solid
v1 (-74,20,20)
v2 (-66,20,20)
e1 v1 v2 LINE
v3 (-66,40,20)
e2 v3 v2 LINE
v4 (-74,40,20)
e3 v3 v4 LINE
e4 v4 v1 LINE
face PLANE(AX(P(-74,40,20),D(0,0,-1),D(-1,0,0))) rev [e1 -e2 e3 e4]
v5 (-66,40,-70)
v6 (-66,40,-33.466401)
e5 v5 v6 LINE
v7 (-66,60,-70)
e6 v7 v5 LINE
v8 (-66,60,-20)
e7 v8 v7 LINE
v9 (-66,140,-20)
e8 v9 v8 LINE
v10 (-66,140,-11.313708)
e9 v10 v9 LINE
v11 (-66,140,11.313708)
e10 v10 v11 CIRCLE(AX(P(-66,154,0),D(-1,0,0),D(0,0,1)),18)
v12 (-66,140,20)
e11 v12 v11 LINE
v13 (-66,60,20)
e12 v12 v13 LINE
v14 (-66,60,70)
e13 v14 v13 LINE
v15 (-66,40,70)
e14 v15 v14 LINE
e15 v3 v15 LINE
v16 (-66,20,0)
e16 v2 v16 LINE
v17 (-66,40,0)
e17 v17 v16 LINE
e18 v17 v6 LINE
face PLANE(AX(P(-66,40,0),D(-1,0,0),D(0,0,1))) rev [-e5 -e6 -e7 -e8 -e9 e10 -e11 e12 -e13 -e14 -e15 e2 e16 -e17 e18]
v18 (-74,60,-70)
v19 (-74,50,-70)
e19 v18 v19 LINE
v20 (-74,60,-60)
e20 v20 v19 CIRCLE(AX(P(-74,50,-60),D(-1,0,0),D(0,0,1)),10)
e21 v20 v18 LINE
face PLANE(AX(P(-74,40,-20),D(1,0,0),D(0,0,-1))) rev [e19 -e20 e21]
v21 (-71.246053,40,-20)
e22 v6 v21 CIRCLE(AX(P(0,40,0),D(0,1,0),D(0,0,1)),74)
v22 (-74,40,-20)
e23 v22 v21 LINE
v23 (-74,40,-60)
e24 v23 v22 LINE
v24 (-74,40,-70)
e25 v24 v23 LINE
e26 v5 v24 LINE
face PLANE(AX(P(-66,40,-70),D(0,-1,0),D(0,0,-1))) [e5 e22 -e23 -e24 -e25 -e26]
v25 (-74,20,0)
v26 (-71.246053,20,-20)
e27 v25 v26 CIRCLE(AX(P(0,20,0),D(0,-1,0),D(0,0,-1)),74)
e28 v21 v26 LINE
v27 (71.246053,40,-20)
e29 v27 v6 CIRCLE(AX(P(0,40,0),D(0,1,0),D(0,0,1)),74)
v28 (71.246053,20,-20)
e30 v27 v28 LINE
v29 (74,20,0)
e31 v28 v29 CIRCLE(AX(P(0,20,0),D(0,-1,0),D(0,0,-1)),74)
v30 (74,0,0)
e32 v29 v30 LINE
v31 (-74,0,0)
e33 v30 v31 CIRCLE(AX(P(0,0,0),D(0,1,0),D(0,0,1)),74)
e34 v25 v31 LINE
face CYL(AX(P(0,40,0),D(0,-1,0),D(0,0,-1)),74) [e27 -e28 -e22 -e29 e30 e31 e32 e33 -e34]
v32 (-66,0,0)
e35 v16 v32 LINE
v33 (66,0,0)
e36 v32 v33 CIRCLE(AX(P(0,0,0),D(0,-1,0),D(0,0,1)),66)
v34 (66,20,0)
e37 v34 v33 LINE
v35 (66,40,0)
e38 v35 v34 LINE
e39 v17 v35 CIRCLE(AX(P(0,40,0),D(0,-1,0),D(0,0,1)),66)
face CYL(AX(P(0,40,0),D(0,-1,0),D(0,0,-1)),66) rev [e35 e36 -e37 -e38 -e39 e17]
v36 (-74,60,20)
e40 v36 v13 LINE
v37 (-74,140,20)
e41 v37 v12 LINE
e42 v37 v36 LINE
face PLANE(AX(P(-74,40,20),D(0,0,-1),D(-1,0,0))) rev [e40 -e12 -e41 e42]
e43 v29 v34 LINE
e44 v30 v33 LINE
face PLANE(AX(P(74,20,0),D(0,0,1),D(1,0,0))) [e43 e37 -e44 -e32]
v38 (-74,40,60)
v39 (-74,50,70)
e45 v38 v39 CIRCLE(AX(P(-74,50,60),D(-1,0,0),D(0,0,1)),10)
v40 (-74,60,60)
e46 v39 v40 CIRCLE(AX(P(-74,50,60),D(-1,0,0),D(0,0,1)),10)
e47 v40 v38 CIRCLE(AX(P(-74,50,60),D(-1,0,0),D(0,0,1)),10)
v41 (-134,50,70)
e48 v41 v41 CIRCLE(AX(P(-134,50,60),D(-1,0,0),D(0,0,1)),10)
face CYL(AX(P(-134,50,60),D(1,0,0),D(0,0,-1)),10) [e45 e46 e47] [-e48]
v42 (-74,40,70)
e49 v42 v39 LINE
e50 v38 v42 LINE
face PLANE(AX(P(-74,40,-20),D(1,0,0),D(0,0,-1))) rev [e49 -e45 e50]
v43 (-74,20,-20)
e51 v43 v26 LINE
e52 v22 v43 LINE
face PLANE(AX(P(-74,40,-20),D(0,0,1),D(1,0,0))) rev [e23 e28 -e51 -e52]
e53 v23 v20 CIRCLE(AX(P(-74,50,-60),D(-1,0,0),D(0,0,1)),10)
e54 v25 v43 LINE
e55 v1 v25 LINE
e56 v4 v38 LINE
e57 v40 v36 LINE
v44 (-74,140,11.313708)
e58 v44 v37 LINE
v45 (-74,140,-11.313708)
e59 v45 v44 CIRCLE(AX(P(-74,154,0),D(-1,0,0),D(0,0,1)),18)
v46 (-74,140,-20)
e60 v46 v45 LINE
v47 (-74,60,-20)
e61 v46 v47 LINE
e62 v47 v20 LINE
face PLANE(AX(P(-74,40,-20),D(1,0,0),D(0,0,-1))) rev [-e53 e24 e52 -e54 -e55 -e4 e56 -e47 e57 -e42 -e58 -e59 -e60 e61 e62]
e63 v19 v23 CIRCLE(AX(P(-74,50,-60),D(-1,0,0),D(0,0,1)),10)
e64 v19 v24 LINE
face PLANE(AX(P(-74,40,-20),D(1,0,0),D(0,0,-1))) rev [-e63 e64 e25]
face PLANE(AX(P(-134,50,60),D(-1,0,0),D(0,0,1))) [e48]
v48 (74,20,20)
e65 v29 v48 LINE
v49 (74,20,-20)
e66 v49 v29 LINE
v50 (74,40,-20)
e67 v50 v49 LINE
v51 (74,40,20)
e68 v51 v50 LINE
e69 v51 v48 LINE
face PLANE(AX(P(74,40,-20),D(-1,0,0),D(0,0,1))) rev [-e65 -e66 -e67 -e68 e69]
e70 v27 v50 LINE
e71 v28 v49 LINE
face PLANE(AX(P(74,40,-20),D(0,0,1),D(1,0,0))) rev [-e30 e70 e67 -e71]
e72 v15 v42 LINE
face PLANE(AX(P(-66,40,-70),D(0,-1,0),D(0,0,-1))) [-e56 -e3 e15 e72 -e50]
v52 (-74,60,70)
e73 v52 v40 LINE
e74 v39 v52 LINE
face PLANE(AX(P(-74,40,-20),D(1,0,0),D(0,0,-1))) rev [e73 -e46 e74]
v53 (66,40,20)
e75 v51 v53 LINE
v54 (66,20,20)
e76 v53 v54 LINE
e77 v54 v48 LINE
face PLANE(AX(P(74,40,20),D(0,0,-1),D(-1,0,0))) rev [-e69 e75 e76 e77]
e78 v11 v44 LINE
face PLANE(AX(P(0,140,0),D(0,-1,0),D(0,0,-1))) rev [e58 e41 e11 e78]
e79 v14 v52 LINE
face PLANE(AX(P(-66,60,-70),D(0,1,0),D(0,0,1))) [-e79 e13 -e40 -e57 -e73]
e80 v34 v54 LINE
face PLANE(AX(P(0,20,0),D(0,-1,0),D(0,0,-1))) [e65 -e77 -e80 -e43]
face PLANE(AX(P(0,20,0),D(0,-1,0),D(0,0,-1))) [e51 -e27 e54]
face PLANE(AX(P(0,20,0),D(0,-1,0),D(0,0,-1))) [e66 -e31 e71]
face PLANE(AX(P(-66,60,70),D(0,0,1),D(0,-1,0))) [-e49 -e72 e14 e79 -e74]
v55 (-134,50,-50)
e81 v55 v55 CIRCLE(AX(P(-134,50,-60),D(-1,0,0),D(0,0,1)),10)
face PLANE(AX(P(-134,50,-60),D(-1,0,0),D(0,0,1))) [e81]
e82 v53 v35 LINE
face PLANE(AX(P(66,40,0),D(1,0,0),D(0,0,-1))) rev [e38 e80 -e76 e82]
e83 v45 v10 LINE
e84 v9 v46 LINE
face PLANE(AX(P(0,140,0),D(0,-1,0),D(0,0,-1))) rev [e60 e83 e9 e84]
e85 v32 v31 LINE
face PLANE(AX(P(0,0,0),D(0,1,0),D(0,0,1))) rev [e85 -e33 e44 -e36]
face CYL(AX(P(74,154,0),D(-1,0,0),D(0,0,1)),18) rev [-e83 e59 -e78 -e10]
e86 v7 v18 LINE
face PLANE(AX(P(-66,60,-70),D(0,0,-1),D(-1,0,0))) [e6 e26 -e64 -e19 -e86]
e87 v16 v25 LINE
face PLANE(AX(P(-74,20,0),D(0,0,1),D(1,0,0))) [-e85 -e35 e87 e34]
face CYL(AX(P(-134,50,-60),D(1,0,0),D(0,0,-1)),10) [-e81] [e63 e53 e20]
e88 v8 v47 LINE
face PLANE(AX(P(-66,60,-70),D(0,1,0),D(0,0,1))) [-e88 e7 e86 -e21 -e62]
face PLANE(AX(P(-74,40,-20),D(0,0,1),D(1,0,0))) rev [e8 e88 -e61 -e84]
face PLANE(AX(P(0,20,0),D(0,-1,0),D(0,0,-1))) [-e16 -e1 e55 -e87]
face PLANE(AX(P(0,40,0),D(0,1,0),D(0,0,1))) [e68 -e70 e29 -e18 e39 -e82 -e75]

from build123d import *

# Parameters (mm, degrees)
EXTRUDE_1_DEPTH     = 40
SKETCH_2_W          = 8
SKETCH_2_H          = 40
EXTRUDE_2_DEPTH     = 100
SKETCH_3_R          = 18
CUT_EXTRUDE_1_DEPTH = 149
SKETCH_5_W          = 87.00766185
SKETCH_5_H          = 115.01495327
CUT_EXTRUDE_2_DEPTH = 10
SKETCH_6_R          = 85.063361003
CUT_EXTRUDE_3_DEPTH = 20
SKETCH_7_W          = 140
SKETCH_7_H          = 20
EXTRUDE_3_DEPTH     = 8
SKETCH_9_R          = 10
EXTRUDE_4_DEPTH     = 60


with BuildPart() as part:
    # 草图1 → 凸台-拉伸1 (new body)
    with BuildSketch(Plane(origin=(0, 0, 0), x_dir=(1, 0, 0), z_dir=(0, 1, 0))):
        with BuildLine():
            Line((-74, 20), (-71.246052522, 20))
            ThreePointArc((-71.246052522, 20), (0, 74), (71.246052522, 20))
            Line((71.246052522, 20), (74, 20))
            Line((74, 20), (74, -20))
            Line((74, -20), (66, -20))
            Line((66, -20), (66, 0))
            ThreePointArc((66, 0), (0, 66), (-66, 0))
            Line((-66, 0), (-66, -20))
            Line((-66, -20), (-74, -20))
            Line((-74, -20), (-74, 20))
        make_face()
    extrude(amount=EXTRUDE_1_DEPTH)

    # 草图2 → 凸台-拉伸2 (add)
    with BuildSketch(Plane(origin=(0, 40, 0), x_dir=(1, 0, 0), z_dir=(0, 1, 0))):
        with Locations((-70, 0)):
            Rectangle(SKETCH_2_W, SKETCH_2_H)
        with Locations((70, 0)):
            Rectangle(SKETCH_2_W, SKETCH_2_H)
    extrude(amount=EXTRUDE_2_DEPTH)

    # 草图3 → 切除-拉伸1 (cut, through all)
    with BuildSketch(Plane.ZY.offset(74)):
        with Locations((0, 154)):
            Circle(SKETCH_3_R)
    extrude(amount=-CUT_EXTRUDE_1_DEPTH, mode=Mode.SUBTRACT)

    # 草图5 → 切除-拉伸2 (cut)
    with BuildSketch(Plane(origin=(74, 0, 0), x_dir=(0, 0, -1), z_dir=(1, 0, 0))):
        with Locations((-23.503830925, 97.507476635)):
            Rectangle(SKETCH_5_W, SKETCH_5_H)
    extrude(amount=-CUT_EXTRUDE_2_DEPTH, mode=Mode.SUBTRACT)

    # 草图6 → 切除-拉伸3 (cut)
    with BuildSketch(Plane.XZ):
        Circle(SKETCH_6_R)
        with BuildLine():
            Line((-71.246052522, 20), (-66, 20))
            Line((-66, 20), (-66, 0))
            Line((-66, 0), (-74, 0))
            ThreePointArc((-74, 0), (0, -74), (74, 0))
            Line((74, 0), (66, 0))
            Line((66, 0), (66, 20))
            Line((66, 20), (71.246052522, 20))
            ThreePointArc((71.246052522, 20), (0, 74), (-71.246052522, 20))
        make_face(mode=Mode.SUBTRACT)
    extrude(amount=-CUT_EXTRUDE_3_DEPTH, mode=Mode.SUBTRACT)

    # 草图7 → 凸台-拉伸3 (add)
    with BuildSketch(Plane.ZY.offset(74)):
        with Locations((0, 50)):
            Rectangle(SKETCH_7_W, SKETCH_7_H)
    extrude(amount=-EXTRUDE_3_DEPTH)

    # 草图9 → 凸台-拉伸4 (add)
    with BuildSketch(Plane.ZY.offset(74)):
        with Locations((-60, 50)):
            Circle(SKETCH_9_R)
        with Locations((60, 50)):
            Circle(SKETCH_9_R)
    extrude(amount=EXTRUDE_4_DEPTH)


solid = part.part
